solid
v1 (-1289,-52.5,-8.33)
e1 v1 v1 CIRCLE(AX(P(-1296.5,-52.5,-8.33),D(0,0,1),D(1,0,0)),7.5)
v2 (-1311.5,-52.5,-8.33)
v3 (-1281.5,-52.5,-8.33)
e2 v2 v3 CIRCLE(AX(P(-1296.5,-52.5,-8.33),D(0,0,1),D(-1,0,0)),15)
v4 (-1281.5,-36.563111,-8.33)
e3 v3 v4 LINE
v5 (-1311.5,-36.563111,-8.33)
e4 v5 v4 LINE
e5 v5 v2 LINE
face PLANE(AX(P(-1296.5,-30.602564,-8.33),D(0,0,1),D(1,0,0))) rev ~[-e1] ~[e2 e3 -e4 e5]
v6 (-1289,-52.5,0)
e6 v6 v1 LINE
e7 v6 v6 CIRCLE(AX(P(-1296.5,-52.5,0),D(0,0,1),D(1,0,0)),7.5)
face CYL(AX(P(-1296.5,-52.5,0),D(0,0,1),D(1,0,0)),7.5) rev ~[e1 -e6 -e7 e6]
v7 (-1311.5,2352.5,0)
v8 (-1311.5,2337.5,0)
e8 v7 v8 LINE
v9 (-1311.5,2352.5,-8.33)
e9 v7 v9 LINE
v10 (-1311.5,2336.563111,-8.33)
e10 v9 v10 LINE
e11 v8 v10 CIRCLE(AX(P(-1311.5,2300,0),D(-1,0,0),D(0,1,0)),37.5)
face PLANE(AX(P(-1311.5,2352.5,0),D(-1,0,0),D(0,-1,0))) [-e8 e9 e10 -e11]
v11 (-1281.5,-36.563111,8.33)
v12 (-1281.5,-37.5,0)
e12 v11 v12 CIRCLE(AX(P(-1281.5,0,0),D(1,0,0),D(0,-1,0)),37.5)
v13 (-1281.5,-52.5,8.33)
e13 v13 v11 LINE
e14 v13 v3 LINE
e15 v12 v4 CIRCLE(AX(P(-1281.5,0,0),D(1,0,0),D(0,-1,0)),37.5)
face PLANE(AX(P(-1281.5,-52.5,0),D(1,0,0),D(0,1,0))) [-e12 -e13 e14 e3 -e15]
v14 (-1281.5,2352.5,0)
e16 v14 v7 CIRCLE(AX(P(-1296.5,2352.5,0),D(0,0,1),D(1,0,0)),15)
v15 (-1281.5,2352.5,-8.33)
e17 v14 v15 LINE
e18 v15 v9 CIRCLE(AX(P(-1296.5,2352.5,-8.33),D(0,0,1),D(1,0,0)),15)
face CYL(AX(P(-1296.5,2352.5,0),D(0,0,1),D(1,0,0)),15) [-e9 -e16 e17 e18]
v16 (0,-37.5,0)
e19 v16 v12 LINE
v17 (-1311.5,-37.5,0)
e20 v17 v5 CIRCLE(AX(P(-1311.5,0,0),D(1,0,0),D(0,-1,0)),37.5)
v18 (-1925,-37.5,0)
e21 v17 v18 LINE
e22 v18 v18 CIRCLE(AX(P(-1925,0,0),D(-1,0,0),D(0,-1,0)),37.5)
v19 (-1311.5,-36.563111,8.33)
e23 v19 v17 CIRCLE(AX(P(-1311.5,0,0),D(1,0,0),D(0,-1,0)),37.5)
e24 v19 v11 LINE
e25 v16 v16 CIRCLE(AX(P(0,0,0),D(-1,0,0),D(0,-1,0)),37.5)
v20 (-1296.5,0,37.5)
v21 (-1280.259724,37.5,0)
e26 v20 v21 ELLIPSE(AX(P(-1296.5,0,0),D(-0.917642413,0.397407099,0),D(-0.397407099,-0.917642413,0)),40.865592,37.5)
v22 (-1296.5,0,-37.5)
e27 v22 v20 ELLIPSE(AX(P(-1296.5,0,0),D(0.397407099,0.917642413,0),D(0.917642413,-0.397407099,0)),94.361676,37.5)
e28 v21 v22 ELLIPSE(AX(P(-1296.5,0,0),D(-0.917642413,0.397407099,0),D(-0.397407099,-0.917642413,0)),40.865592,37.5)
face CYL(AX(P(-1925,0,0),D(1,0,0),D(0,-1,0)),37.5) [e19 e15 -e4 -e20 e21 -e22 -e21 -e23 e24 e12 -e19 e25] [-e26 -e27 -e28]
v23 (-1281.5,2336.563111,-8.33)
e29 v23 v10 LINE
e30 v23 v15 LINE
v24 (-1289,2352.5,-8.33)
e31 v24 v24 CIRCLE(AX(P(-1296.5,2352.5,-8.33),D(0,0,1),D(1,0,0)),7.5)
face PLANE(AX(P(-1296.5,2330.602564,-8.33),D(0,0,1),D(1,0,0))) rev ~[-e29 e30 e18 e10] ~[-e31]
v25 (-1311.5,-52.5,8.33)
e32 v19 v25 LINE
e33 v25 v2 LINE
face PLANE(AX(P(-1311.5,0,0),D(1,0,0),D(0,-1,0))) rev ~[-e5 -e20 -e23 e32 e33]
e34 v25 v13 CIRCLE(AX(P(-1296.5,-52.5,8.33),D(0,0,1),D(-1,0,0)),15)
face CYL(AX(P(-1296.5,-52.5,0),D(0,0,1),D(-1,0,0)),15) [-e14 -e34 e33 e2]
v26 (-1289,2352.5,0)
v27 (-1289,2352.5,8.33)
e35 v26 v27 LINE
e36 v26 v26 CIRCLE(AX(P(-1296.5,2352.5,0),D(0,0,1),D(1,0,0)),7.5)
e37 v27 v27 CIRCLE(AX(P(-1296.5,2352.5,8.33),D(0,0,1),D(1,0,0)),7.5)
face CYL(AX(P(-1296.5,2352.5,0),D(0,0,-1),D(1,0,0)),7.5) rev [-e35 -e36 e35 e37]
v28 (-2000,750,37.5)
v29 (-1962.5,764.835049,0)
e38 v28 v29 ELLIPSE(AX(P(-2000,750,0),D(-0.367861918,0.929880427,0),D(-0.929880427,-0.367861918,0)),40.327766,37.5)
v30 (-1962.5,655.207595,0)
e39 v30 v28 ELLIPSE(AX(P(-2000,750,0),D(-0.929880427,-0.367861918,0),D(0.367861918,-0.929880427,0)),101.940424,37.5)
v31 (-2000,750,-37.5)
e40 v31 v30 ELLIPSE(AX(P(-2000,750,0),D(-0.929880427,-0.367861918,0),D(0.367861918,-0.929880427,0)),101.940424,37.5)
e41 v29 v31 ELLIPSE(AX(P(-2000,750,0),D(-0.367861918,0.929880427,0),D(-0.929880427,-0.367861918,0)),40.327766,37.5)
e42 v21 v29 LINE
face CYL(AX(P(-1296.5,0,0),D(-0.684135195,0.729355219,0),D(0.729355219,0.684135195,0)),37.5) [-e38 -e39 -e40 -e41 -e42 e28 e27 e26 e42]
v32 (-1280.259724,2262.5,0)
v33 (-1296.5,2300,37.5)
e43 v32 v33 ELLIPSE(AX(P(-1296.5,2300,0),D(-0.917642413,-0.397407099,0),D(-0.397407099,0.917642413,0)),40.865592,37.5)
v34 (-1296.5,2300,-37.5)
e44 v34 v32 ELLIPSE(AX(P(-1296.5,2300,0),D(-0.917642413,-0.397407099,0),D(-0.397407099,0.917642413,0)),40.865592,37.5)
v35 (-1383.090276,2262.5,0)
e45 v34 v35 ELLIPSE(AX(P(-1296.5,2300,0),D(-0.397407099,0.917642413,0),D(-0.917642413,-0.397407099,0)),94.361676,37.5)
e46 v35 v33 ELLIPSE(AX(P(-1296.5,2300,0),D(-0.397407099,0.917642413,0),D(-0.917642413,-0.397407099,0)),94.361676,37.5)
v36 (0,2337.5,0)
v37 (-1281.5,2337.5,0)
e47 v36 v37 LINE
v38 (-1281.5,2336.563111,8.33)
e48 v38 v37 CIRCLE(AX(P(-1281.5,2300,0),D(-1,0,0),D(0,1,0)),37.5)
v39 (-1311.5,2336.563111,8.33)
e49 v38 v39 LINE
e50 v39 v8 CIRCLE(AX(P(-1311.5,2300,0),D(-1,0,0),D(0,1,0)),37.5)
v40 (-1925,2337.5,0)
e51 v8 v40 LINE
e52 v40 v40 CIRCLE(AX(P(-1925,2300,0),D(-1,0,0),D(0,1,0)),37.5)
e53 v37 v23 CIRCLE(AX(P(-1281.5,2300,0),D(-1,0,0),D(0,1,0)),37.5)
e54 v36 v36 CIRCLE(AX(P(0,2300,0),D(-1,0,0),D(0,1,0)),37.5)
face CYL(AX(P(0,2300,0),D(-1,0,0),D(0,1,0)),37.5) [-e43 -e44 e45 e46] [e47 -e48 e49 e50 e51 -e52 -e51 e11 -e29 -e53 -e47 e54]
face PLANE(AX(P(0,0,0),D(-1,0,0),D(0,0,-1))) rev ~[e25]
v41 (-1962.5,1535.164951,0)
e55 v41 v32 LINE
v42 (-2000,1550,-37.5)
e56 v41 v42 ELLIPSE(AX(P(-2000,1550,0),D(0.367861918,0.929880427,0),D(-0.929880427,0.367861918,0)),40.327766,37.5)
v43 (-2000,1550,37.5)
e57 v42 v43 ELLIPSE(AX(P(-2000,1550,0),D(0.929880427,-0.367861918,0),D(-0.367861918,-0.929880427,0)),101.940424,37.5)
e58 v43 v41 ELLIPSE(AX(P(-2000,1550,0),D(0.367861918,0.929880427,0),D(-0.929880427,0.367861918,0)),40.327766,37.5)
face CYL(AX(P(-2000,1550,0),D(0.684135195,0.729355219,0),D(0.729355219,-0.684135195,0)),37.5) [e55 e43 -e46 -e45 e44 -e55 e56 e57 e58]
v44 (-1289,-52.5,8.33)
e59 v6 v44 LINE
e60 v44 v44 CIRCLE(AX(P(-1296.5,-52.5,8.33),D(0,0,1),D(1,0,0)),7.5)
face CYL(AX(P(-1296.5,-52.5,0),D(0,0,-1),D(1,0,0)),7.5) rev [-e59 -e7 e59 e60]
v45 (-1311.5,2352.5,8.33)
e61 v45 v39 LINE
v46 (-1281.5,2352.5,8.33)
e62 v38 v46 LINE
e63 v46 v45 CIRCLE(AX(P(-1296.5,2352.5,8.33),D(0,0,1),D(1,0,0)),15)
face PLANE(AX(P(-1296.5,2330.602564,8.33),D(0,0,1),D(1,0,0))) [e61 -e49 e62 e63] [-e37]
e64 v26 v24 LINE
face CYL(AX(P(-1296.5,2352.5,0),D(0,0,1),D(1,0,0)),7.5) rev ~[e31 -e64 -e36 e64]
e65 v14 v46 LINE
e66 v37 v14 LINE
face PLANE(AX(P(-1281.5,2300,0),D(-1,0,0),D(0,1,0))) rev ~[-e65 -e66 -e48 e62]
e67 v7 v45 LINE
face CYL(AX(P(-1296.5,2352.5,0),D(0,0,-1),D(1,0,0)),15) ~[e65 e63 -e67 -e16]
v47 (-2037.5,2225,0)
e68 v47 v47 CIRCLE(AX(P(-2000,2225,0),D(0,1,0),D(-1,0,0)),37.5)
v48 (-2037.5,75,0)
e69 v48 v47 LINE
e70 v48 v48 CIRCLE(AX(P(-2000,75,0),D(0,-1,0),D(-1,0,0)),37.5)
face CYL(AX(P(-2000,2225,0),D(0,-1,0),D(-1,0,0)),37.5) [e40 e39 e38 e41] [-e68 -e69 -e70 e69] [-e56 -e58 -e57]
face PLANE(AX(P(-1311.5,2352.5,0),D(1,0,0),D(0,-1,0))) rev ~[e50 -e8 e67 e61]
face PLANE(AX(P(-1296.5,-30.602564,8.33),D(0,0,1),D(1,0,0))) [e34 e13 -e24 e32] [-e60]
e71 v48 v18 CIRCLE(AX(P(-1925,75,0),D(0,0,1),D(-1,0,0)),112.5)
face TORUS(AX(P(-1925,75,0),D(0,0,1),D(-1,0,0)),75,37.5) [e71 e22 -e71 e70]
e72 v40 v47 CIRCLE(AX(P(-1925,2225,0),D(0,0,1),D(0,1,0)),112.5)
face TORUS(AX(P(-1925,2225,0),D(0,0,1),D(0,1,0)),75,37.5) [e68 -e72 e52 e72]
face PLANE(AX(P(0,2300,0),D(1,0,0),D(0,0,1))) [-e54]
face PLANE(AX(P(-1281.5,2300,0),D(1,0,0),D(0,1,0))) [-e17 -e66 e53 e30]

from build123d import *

# Parameters (mm, degrees)
F0_R          = 37.5
F3_R          = 37.5
F6_R          = 7.5
F7_DEPTH      = 8.33
F7_DEPTH_BACK = 8.33


with BuildPart() as f2:
    # F2: sweep along a path in F1
    with BuildLine(Plane.XY) as f2_path:
        Line((0, 2300), (-1925, 2300))
        ThreePointArc((-1925, 2300), (-1978.033008589, 2278.033008589), (-2000, 2225))
        Line((-2000, 2225), (-2000, 75))
        ThreePointArc((-2000, 75), (-1978.033008589, 21.966991411), (-1925, 0))
        Line((-1925, 0), (0, 0))
    # F0 (on Right) → F2 (sweep)
    with BuildSketch(Plane.YZ):
        with Locations((2300, 0)):
            Circle(F0_R)
    sweep(path=f2_path.line)

    # F5: sweep along a path in F4
    with BuildLine(Plane.XY) as f5_path:
        Line((0, 0), (-1296.5, 0))
        Line((-1296.5, 0), (-2000, 750))
        Line((-2000, 750), (-2000, 1550))
        Line((-2000, 1550), (-1296.5, 2300))
    # F3 (on Right) → F5 (sweep)
    with BuildSketch(Plane.YZ):
        Circle(F3_R)
    sweep(path=f5_path.line, transition=Transition.RIGHT)

    # F6 (on Top) → F7 (join, two sides)
    with BuildSketch(Plane.XY) as f7_sk:
        with BuildLine():
            Line((-1281.5, 0), (-1311.5, 0))
            Line((-1311.5, 0), (-1311.5, -52.5))
            ThreePointArc((-1311.5, -52.5), (-1307.1066017178, -63.1066017178), (-1296.5, -67.5))
            ThreePointArc((-1296.5, -67.5), (-1285.8933982822, -63.1066017178), (-1281.5, -52.5))
            Line((-1281.5, -52.5), (-1281.5, 0))
        make_face()
        with Locations((-1296.5, -52.5)):
            Circle(F6_R, mode=Mode.SUBTRACT)
        with BuildLine():
            Line((-1311.5, 2300), (-1281.5, 2300))
            Line((-1281.5, 2300), (-1281.5, 2352.5))
            ThreePointArc((-1281.5, 2352.5), (-1285.8933982822, 2363.1066017178), (-1296.5, 2367.5))
            ThreePointArc((-1296.5, 2367.5), (-1307.1066017178, 2363.1066017178), (-1311.5, 2352.5))
            Line((-1311.5, 2352.5), (-1311.5, 2300))
        make_face()
        with Locations((-1296.5, 2352.5)):
            Circle(F6_R, mode=Mode.SUBTRACT)
    extrude(amount=F7_DEPTH)
    extrude(f7_sk.sketch, amount=-F7_DEPTH_BACK)


solid = f2.part
